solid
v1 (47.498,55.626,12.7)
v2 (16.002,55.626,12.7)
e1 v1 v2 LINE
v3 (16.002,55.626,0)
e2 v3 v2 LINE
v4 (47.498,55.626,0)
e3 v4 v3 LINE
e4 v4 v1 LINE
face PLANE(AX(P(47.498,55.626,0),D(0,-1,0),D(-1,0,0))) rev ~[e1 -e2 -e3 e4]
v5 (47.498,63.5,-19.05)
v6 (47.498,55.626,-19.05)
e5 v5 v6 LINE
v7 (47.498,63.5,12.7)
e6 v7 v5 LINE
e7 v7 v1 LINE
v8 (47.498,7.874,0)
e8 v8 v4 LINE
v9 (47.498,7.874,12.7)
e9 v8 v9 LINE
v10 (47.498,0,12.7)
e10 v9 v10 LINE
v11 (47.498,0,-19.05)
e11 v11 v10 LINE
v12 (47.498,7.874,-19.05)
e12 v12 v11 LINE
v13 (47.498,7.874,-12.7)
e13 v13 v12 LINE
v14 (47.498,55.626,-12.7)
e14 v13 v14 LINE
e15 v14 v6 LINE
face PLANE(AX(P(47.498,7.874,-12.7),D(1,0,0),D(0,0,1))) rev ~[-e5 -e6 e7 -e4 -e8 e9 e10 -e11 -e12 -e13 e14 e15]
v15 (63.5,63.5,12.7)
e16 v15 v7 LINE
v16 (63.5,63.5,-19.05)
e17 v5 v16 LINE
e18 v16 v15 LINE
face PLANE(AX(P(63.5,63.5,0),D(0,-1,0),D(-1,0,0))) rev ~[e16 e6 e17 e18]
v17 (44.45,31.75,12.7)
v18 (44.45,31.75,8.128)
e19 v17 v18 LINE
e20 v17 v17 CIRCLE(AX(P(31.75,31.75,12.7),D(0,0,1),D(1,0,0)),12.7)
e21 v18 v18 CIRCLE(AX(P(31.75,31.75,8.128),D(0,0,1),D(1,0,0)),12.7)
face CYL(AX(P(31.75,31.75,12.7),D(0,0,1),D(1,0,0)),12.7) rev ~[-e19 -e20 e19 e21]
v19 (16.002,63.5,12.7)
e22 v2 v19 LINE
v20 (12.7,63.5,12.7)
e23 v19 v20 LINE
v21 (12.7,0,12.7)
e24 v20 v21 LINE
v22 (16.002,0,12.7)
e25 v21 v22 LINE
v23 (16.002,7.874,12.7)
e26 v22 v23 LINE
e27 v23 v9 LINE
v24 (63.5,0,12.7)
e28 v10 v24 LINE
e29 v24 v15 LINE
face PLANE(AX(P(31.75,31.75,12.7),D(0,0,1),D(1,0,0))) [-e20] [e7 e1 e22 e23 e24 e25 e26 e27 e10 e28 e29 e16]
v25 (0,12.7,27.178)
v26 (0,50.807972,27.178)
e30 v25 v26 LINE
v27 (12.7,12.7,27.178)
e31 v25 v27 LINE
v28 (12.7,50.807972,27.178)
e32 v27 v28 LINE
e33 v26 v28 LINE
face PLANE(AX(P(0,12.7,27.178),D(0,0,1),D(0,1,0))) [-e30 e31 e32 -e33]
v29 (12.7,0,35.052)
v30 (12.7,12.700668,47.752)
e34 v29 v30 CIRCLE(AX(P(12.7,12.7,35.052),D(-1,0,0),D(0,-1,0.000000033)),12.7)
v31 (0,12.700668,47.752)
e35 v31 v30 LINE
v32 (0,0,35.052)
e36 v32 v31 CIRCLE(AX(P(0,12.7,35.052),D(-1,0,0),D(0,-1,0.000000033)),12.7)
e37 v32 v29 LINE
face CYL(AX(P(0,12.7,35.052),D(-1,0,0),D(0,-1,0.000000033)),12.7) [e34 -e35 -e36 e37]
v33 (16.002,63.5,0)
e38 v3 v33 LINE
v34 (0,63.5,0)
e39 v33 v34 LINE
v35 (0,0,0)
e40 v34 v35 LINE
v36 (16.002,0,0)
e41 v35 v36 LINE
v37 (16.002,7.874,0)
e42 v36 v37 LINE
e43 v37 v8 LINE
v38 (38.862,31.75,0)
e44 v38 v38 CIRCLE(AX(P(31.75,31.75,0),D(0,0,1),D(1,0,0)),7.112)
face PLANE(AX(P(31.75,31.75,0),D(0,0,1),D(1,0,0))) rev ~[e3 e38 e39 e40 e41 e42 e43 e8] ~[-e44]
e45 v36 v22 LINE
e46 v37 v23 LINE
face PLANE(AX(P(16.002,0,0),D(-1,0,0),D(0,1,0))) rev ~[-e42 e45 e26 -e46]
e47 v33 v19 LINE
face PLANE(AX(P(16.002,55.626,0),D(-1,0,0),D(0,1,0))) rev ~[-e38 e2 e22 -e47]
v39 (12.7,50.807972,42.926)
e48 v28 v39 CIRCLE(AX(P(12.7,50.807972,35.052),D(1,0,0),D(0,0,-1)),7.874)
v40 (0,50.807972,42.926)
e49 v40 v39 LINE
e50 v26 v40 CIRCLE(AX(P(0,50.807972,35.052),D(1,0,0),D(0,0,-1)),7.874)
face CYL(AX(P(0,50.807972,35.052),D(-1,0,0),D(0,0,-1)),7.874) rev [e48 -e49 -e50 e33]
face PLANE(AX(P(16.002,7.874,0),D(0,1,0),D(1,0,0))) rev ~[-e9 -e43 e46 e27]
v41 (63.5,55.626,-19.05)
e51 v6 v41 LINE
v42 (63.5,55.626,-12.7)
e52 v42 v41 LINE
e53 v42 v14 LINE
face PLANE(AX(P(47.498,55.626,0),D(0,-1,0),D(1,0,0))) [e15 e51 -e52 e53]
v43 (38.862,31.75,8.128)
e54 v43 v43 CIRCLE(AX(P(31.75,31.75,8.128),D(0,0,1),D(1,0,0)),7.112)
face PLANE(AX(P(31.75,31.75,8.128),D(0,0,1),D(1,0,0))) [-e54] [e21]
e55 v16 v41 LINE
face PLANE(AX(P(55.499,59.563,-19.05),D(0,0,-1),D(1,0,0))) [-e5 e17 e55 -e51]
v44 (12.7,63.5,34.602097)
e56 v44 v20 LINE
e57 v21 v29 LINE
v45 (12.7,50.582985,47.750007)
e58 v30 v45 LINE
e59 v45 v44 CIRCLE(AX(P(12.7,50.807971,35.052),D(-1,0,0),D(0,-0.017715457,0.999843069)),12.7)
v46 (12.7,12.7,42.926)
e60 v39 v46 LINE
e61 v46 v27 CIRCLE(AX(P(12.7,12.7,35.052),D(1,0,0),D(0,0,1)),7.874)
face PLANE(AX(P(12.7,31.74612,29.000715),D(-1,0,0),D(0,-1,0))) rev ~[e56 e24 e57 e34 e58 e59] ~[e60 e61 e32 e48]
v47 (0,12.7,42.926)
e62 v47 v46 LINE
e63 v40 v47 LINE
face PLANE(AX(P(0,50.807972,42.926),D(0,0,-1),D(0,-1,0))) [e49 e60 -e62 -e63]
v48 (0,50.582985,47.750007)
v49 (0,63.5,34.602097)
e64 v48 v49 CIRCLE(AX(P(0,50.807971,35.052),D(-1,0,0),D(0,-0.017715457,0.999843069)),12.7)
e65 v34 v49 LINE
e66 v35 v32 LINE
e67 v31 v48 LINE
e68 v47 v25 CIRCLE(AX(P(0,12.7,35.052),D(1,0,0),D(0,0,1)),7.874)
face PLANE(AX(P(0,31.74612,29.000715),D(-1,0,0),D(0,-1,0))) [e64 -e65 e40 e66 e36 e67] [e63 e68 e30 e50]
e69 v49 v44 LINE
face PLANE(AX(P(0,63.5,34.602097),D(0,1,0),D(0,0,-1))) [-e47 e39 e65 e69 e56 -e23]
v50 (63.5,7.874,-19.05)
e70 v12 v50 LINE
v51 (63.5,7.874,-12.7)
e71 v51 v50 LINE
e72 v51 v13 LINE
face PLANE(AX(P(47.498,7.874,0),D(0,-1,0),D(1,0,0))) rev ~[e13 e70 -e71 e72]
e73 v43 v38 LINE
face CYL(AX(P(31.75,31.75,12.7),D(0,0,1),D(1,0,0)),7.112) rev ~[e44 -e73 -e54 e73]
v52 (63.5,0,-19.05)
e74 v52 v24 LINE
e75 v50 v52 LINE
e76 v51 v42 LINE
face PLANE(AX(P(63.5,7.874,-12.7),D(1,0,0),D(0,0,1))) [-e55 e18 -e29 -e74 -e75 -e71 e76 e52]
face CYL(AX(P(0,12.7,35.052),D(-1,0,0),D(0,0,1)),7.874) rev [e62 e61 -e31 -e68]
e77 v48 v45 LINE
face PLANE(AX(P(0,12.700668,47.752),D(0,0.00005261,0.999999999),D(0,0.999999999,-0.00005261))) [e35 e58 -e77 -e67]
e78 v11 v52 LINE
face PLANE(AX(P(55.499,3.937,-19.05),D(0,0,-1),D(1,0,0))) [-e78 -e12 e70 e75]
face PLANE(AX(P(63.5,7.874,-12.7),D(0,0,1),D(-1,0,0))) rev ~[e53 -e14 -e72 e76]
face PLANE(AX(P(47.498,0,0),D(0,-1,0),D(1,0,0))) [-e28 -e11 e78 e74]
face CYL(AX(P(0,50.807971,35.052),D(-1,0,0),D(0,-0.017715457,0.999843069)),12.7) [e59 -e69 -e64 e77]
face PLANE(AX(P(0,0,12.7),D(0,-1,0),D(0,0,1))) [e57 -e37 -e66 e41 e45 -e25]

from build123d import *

# Parameters (mm, degrees)
F1_DEPTH  = 12.7
F2_R      = 7.112
F3_DEPTH  = 12.701
F4_R      = 12.7
F5_DEPTH  = 4.572
F7_DEPTH  = 12.7
F8_W      = 16.002
F8_H      = 7.874
F9_DEPTH  = 19.05
F10_W     = 16.002
F10_H     = 12.7
F11_DEPTH = 47.752


with BuildPart() as f1:
    # F0 (on Top) → F1 (new body)
    with BuildSketch(Plane.XY):
        Polygon((0, 63.5), (0, 0), (16.002, 0), (16.002, 7.874), (47.498, 7.874), (47.498, 0), (63.5, 0), (63.5, 63.5), (47.498, 63.5), (47.498, 55.626), (16.002, 55.626), (16.002, 63.5), align=None)
    extrude(amount=F1_DEPTH)

    # F2 (on face) → F3 (cut, through all)
    with BuildSketch(Plane.XY.offset(12.7)):
        with Locations((31.75, 31.75)):
            Circle(F2_R)
    extrude(amount=-F3_DEPTH, mode=Mode.SUBTRACT)

    # F4 (on face) → F5 (cut)
    with BuildSketch(Plane.XY.offset(12.7)):
        with Locations((31.75, 31.75)):
            Circle(F4_R)
    extrude(amount=-F5_DEPTH, mode=Mode.SUBTRACT)

    # F6 (on face) → F7 (join)
    with BuildSketch(Plane(origin=(0, 0, 0), x_dir=(0, -1, 0), z_dir=(-1, 0, 0))):
        with BuildLine():
            ThreePointArc((-50.582985, 47.750007), (-59.867423, 43.952356), (-63.5, 34.602097))
            Line((-63.5, 34.602097), (-63.5, 12.7))
            Line((-63.5, 12.7), (0, 12.7))
            Line((0, 12.7), (0, 35.052))
            ThreePointArc((0, 35.052), (-3.71998, 44.032492), (-12.700668, 47.752))
            Line((-12.700668, 47.752), (-50.582985, 47.750007))
        make_face()
        with BuildLine():
            ThreePointArc((-12.7, 42.926), (-4.826, 35.052), (-12.7, 27.178))
            Line((-12.7, 27.178), (-50.807972, 27.178))
            ThreePointArc((-50.807972, 27.178), (-58.681972, 35.052), (-50.807972, 42.926))
            Line((-50.807972, 42.926), (-12.7, 42.926))
        make_face(mode=Mode.SUBTRACT)
    extrude(amount=-F7_DEPTH)

    # F8 (on face) → F9 (join)
    with BuildSketch(Plane(origin=(0, 0, 0), x_dir=(1, 0, 0), z_dir=(0, 0, -1))):
        with Locations((55.499, -3.937)):
            Rectangle(F8_W, F8_H)
        with Locations((55.499, -59.563)):
            Rectangle(F8_W, F8_H)
    extrude(amount=F9_DEPTH)

    # F10 (on face) → F11 (join, through all)
    with BuildSketch(Plane(origin=(0, 7.874, 0), x_dir=(-1, 0, 0), z_dir=(0, 1, 0))):
        with Locations((-55.499, -6.35)):
            Rectangle(F10_W, F10_H)
    extrude(amount=F11_DEPTH)


solid = f1.part
